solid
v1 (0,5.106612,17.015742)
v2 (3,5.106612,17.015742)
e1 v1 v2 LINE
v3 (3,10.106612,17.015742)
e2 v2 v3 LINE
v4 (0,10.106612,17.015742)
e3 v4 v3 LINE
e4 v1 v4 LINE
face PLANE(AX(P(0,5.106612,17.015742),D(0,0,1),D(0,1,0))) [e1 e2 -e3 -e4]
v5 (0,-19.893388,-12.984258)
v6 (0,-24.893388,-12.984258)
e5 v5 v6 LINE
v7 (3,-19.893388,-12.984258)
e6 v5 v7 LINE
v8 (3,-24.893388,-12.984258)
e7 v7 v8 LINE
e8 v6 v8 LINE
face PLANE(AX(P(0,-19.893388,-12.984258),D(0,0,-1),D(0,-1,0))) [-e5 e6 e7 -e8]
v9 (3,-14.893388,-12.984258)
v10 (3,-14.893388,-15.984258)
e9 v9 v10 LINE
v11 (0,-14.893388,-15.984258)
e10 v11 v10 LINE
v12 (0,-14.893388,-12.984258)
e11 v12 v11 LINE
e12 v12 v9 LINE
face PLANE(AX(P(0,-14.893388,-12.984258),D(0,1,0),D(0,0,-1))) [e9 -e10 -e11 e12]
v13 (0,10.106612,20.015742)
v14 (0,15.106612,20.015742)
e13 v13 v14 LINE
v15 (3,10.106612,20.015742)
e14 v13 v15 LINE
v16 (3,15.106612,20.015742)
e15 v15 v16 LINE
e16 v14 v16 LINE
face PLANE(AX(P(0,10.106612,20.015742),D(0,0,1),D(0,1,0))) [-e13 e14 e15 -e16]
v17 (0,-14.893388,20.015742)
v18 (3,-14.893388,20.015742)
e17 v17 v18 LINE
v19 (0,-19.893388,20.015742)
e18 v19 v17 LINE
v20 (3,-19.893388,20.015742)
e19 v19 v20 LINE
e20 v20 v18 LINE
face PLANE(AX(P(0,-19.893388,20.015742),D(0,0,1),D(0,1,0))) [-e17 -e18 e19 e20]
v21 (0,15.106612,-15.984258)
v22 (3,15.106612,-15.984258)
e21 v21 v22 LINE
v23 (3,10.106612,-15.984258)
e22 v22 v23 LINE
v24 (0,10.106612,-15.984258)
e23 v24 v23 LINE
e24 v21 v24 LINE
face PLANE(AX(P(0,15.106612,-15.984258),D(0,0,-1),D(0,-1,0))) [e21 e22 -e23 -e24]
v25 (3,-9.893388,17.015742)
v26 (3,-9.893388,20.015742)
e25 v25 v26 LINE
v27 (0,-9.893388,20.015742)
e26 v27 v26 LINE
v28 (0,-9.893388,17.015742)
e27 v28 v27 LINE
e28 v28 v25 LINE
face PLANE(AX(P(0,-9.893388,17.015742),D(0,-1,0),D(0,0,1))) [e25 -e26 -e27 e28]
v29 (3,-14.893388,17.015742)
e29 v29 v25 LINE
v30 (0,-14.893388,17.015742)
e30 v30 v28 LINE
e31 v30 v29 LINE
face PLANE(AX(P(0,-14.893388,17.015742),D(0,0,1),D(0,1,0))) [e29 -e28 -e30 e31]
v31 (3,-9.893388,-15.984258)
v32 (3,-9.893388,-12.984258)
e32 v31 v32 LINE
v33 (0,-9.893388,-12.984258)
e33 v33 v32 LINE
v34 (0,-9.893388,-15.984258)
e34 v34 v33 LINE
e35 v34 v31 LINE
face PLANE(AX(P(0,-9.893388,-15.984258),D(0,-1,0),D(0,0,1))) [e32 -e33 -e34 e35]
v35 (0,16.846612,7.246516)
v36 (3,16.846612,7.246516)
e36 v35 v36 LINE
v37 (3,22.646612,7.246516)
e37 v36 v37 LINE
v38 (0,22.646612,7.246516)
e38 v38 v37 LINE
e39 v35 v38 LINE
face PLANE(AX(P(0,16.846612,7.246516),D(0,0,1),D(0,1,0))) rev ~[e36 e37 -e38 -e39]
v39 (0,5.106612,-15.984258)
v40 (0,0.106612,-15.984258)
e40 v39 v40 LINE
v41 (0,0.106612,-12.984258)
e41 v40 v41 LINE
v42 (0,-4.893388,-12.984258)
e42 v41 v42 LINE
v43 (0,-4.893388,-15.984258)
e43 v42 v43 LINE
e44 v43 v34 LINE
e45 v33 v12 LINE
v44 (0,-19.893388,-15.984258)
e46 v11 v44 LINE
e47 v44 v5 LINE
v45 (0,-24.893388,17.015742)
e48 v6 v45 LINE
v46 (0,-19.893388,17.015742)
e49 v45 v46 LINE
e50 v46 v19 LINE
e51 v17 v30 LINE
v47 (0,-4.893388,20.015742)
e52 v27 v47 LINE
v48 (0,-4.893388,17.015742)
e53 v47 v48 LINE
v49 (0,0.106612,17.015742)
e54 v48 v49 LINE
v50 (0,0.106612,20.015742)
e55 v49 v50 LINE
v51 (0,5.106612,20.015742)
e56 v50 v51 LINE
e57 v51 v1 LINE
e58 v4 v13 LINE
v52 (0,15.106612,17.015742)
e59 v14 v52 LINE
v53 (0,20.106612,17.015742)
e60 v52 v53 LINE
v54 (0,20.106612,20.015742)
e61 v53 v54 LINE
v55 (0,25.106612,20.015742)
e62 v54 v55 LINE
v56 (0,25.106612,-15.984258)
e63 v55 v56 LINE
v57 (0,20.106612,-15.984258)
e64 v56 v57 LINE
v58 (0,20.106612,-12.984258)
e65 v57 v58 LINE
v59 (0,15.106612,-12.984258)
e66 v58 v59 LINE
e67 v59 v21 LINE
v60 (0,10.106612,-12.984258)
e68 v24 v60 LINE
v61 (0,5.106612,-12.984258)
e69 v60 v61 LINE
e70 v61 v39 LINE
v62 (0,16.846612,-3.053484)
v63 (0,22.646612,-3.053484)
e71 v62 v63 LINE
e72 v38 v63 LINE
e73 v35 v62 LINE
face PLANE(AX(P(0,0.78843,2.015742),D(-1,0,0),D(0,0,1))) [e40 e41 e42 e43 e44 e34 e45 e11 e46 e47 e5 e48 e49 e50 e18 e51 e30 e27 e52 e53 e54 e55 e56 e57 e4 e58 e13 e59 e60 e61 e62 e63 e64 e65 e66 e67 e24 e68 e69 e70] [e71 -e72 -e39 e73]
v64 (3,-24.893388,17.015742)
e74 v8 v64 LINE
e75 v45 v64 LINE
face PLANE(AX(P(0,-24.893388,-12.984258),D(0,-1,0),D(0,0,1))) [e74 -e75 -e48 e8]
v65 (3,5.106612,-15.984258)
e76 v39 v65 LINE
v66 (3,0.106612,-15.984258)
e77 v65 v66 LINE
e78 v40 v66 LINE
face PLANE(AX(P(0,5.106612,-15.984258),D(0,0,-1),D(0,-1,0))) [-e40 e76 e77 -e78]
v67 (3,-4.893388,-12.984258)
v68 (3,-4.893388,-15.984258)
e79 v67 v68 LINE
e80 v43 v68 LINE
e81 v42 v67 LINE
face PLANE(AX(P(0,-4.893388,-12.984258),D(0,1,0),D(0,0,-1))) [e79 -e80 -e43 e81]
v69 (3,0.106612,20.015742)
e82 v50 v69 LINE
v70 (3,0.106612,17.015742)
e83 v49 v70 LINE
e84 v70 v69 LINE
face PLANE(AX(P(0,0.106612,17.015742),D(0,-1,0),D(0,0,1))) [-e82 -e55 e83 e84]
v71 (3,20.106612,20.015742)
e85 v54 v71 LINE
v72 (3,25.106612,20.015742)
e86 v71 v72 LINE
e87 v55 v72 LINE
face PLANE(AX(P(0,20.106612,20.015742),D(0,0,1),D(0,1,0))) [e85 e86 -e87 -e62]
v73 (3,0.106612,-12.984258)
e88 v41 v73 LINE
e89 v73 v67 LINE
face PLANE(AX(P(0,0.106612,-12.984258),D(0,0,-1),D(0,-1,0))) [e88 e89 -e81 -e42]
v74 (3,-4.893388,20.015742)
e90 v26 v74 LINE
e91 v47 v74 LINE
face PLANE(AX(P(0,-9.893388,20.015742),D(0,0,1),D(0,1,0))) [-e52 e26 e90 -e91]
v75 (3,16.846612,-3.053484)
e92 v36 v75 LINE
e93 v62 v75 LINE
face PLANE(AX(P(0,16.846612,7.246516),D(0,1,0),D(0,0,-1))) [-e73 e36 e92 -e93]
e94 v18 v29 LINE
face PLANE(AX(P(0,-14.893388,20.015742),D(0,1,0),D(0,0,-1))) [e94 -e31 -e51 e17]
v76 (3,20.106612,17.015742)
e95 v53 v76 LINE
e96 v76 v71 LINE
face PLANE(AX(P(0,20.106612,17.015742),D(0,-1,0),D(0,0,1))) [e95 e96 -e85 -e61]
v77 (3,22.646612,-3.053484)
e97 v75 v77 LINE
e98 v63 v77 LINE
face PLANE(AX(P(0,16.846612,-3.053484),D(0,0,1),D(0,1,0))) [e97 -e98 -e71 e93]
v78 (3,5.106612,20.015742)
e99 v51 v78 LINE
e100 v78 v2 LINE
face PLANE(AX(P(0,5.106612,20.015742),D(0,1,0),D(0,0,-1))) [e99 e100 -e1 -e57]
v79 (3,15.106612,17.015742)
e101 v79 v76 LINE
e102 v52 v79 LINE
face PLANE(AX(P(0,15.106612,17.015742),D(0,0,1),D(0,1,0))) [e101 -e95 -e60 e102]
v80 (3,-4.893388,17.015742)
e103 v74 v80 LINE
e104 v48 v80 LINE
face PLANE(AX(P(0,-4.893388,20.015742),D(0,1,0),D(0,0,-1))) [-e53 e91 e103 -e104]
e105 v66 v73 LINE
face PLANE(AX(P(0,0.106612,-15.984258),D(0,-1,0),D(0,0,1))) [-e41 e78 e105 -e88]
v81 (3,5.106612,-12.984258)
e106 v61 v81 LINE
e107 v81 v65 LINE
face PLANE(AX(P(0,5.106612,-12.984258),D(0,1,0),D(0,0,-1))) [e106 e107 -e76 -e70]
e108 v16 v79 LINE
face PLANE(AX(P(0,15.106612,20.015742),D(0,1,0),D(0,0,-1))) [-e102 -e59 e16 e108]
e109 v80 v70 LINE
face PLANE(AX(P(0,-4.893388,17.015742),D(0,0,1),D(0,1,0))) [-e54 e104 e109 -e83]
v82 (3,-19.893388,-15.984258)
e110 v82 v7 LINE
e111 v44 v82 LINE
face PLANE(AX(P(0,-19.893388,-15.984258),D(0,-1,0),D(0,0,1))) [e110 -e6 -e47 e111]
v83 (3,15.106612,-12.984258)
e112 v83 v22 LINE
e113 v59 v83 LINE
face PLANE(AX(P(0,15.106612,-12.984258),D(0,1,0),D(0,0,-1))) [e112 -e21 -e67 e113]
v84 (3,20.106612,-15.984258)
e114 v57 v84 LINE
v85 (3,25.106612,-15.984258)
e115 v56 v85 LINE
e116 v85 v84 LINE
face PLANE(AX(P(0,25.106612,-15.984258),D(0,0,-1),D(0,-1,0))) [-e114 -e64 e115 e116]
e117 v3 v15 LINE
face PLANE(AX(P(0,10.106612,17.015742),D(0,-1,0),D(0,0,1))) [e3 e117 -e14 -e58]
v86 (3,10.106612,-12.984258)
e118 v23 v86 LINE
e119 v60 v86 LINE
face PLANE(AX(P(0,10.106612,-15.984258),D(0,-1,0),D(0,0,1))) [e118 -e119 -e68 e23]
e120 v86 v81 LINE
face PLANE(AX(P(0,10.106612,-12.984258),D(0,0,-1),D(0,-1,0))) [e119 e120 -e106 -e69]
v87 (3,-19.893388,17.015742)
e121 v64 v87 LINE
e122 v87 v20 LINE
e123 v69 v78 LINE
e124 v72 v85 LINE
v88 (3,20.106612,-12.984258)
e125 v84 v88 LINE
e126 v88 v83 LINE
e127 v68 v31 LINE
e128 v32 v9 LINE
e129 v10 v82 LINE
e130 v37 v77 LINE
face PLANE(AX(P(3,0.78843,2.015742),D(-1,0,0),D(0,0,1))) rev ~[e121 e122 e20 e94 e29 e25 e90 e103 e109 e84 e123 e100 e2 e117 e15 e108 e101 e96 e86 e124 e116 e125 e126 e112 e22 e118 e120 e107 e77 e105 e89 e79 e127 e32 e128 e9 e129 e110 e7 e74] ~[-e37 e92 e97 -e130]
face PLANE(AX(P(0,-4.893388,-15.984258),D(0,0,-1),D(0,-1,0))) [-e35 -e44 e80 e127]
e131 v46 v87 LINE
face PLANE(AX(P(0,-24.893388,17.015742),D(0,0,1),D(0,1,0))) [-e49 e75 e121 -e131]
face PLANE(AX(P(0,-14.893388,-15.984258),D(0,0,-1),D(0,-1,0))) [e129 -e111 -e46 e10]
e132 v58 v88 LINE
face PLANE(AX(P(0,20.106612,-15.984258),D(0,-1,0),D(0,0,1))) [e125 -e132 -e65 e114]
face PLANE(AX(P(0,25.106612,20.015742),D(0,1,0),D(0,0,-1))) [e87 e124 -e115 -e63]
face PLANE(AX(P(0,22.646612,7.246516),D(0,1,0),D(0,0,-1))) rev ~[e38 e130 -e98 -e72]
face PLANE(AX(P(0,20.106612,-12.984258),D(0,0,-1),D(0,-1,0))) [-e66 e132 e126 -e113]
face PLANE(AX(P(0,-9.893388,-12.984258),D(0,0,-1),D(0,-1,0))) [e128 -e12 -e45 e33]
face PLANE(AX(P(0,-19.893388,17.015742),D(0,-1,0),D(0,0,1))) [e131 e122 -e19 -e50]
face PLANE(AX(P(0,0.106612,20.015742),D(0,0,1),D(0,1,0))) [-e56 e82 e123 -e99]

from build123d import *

# Parameters (mm, degrees)
ESBO_O1_W                = 10.3
ESBO_O1_H                = 5.8
RESSALTO_EXTRUS_O1_DEPTH = 3


with BuildPart() as part:
    # Esboço1 → Ressalto-extrusão1 (new body)
    with BuildSketch(Plane(origin=(0, 0, 0), x_dir=(0, 0, -1), z_dir=(1, 0, 0))):
        Polygon((15.984258461, 25.106612036), (15.984258461, 20.106612036), (12.984258461, 20.106612036), (12.984258461, 15.106612036), (15.984258461, 15.106612036), (15.984258461, 10.106612036), (12.984258461, 10.106612036), (12.984258461, 5.106612036), (15.984258461, 5.106612036), (15.984258461, 0.106612036), (12.984258461, 0.106612036), (12.984258461, -4.893387964), (15.984258461, -4.893387964), (15.984258461, -9.893387964), (12.984258461, -9.893387964), (12.984258461, -14.893387964), (15.984258461, -14.893387964), (15.984258461, -19.893387964), (12.984258461, -19.893387964), (12.984258461, -24.893387964), (-17.015741539, -24.893387964), (-17.015741539, -19.893387964), (-20.015741539, -19.893387964), (-20.015741539, -14.893387964), (-17.015741539, -14.893387964), (-17.015741539, -9.893387964), (-20.015741539, -9.893387964), (-20.015741539, -4.893387964), (-17.015741539, -4.893387964), (-17.015741539, 0.106612036), (-20.015741539, 0.106612036), (-20.015741539, 5.106612036), (-17.015741539, 5.106612036), (-17.015741539, 10.106612036), (-20.015741539, 10.106612036), (-20.015741539, 15.106612036), (-17.015741539, 15.106612036), (-17.015741539, 20.106612036), (-20.015741539, 20.106612036), (-20.015741539, 25.106612036), align=None)
        with Locations((-2.096516144, 19.746612036)):
            Rectangle(ESBO_O1_W, ESBO_O1_H, mode=Mode.SUBTRACT)
    extrude(amount=RESSALTO_EXTRUS_O1_DEPTH)


solid = part.part
